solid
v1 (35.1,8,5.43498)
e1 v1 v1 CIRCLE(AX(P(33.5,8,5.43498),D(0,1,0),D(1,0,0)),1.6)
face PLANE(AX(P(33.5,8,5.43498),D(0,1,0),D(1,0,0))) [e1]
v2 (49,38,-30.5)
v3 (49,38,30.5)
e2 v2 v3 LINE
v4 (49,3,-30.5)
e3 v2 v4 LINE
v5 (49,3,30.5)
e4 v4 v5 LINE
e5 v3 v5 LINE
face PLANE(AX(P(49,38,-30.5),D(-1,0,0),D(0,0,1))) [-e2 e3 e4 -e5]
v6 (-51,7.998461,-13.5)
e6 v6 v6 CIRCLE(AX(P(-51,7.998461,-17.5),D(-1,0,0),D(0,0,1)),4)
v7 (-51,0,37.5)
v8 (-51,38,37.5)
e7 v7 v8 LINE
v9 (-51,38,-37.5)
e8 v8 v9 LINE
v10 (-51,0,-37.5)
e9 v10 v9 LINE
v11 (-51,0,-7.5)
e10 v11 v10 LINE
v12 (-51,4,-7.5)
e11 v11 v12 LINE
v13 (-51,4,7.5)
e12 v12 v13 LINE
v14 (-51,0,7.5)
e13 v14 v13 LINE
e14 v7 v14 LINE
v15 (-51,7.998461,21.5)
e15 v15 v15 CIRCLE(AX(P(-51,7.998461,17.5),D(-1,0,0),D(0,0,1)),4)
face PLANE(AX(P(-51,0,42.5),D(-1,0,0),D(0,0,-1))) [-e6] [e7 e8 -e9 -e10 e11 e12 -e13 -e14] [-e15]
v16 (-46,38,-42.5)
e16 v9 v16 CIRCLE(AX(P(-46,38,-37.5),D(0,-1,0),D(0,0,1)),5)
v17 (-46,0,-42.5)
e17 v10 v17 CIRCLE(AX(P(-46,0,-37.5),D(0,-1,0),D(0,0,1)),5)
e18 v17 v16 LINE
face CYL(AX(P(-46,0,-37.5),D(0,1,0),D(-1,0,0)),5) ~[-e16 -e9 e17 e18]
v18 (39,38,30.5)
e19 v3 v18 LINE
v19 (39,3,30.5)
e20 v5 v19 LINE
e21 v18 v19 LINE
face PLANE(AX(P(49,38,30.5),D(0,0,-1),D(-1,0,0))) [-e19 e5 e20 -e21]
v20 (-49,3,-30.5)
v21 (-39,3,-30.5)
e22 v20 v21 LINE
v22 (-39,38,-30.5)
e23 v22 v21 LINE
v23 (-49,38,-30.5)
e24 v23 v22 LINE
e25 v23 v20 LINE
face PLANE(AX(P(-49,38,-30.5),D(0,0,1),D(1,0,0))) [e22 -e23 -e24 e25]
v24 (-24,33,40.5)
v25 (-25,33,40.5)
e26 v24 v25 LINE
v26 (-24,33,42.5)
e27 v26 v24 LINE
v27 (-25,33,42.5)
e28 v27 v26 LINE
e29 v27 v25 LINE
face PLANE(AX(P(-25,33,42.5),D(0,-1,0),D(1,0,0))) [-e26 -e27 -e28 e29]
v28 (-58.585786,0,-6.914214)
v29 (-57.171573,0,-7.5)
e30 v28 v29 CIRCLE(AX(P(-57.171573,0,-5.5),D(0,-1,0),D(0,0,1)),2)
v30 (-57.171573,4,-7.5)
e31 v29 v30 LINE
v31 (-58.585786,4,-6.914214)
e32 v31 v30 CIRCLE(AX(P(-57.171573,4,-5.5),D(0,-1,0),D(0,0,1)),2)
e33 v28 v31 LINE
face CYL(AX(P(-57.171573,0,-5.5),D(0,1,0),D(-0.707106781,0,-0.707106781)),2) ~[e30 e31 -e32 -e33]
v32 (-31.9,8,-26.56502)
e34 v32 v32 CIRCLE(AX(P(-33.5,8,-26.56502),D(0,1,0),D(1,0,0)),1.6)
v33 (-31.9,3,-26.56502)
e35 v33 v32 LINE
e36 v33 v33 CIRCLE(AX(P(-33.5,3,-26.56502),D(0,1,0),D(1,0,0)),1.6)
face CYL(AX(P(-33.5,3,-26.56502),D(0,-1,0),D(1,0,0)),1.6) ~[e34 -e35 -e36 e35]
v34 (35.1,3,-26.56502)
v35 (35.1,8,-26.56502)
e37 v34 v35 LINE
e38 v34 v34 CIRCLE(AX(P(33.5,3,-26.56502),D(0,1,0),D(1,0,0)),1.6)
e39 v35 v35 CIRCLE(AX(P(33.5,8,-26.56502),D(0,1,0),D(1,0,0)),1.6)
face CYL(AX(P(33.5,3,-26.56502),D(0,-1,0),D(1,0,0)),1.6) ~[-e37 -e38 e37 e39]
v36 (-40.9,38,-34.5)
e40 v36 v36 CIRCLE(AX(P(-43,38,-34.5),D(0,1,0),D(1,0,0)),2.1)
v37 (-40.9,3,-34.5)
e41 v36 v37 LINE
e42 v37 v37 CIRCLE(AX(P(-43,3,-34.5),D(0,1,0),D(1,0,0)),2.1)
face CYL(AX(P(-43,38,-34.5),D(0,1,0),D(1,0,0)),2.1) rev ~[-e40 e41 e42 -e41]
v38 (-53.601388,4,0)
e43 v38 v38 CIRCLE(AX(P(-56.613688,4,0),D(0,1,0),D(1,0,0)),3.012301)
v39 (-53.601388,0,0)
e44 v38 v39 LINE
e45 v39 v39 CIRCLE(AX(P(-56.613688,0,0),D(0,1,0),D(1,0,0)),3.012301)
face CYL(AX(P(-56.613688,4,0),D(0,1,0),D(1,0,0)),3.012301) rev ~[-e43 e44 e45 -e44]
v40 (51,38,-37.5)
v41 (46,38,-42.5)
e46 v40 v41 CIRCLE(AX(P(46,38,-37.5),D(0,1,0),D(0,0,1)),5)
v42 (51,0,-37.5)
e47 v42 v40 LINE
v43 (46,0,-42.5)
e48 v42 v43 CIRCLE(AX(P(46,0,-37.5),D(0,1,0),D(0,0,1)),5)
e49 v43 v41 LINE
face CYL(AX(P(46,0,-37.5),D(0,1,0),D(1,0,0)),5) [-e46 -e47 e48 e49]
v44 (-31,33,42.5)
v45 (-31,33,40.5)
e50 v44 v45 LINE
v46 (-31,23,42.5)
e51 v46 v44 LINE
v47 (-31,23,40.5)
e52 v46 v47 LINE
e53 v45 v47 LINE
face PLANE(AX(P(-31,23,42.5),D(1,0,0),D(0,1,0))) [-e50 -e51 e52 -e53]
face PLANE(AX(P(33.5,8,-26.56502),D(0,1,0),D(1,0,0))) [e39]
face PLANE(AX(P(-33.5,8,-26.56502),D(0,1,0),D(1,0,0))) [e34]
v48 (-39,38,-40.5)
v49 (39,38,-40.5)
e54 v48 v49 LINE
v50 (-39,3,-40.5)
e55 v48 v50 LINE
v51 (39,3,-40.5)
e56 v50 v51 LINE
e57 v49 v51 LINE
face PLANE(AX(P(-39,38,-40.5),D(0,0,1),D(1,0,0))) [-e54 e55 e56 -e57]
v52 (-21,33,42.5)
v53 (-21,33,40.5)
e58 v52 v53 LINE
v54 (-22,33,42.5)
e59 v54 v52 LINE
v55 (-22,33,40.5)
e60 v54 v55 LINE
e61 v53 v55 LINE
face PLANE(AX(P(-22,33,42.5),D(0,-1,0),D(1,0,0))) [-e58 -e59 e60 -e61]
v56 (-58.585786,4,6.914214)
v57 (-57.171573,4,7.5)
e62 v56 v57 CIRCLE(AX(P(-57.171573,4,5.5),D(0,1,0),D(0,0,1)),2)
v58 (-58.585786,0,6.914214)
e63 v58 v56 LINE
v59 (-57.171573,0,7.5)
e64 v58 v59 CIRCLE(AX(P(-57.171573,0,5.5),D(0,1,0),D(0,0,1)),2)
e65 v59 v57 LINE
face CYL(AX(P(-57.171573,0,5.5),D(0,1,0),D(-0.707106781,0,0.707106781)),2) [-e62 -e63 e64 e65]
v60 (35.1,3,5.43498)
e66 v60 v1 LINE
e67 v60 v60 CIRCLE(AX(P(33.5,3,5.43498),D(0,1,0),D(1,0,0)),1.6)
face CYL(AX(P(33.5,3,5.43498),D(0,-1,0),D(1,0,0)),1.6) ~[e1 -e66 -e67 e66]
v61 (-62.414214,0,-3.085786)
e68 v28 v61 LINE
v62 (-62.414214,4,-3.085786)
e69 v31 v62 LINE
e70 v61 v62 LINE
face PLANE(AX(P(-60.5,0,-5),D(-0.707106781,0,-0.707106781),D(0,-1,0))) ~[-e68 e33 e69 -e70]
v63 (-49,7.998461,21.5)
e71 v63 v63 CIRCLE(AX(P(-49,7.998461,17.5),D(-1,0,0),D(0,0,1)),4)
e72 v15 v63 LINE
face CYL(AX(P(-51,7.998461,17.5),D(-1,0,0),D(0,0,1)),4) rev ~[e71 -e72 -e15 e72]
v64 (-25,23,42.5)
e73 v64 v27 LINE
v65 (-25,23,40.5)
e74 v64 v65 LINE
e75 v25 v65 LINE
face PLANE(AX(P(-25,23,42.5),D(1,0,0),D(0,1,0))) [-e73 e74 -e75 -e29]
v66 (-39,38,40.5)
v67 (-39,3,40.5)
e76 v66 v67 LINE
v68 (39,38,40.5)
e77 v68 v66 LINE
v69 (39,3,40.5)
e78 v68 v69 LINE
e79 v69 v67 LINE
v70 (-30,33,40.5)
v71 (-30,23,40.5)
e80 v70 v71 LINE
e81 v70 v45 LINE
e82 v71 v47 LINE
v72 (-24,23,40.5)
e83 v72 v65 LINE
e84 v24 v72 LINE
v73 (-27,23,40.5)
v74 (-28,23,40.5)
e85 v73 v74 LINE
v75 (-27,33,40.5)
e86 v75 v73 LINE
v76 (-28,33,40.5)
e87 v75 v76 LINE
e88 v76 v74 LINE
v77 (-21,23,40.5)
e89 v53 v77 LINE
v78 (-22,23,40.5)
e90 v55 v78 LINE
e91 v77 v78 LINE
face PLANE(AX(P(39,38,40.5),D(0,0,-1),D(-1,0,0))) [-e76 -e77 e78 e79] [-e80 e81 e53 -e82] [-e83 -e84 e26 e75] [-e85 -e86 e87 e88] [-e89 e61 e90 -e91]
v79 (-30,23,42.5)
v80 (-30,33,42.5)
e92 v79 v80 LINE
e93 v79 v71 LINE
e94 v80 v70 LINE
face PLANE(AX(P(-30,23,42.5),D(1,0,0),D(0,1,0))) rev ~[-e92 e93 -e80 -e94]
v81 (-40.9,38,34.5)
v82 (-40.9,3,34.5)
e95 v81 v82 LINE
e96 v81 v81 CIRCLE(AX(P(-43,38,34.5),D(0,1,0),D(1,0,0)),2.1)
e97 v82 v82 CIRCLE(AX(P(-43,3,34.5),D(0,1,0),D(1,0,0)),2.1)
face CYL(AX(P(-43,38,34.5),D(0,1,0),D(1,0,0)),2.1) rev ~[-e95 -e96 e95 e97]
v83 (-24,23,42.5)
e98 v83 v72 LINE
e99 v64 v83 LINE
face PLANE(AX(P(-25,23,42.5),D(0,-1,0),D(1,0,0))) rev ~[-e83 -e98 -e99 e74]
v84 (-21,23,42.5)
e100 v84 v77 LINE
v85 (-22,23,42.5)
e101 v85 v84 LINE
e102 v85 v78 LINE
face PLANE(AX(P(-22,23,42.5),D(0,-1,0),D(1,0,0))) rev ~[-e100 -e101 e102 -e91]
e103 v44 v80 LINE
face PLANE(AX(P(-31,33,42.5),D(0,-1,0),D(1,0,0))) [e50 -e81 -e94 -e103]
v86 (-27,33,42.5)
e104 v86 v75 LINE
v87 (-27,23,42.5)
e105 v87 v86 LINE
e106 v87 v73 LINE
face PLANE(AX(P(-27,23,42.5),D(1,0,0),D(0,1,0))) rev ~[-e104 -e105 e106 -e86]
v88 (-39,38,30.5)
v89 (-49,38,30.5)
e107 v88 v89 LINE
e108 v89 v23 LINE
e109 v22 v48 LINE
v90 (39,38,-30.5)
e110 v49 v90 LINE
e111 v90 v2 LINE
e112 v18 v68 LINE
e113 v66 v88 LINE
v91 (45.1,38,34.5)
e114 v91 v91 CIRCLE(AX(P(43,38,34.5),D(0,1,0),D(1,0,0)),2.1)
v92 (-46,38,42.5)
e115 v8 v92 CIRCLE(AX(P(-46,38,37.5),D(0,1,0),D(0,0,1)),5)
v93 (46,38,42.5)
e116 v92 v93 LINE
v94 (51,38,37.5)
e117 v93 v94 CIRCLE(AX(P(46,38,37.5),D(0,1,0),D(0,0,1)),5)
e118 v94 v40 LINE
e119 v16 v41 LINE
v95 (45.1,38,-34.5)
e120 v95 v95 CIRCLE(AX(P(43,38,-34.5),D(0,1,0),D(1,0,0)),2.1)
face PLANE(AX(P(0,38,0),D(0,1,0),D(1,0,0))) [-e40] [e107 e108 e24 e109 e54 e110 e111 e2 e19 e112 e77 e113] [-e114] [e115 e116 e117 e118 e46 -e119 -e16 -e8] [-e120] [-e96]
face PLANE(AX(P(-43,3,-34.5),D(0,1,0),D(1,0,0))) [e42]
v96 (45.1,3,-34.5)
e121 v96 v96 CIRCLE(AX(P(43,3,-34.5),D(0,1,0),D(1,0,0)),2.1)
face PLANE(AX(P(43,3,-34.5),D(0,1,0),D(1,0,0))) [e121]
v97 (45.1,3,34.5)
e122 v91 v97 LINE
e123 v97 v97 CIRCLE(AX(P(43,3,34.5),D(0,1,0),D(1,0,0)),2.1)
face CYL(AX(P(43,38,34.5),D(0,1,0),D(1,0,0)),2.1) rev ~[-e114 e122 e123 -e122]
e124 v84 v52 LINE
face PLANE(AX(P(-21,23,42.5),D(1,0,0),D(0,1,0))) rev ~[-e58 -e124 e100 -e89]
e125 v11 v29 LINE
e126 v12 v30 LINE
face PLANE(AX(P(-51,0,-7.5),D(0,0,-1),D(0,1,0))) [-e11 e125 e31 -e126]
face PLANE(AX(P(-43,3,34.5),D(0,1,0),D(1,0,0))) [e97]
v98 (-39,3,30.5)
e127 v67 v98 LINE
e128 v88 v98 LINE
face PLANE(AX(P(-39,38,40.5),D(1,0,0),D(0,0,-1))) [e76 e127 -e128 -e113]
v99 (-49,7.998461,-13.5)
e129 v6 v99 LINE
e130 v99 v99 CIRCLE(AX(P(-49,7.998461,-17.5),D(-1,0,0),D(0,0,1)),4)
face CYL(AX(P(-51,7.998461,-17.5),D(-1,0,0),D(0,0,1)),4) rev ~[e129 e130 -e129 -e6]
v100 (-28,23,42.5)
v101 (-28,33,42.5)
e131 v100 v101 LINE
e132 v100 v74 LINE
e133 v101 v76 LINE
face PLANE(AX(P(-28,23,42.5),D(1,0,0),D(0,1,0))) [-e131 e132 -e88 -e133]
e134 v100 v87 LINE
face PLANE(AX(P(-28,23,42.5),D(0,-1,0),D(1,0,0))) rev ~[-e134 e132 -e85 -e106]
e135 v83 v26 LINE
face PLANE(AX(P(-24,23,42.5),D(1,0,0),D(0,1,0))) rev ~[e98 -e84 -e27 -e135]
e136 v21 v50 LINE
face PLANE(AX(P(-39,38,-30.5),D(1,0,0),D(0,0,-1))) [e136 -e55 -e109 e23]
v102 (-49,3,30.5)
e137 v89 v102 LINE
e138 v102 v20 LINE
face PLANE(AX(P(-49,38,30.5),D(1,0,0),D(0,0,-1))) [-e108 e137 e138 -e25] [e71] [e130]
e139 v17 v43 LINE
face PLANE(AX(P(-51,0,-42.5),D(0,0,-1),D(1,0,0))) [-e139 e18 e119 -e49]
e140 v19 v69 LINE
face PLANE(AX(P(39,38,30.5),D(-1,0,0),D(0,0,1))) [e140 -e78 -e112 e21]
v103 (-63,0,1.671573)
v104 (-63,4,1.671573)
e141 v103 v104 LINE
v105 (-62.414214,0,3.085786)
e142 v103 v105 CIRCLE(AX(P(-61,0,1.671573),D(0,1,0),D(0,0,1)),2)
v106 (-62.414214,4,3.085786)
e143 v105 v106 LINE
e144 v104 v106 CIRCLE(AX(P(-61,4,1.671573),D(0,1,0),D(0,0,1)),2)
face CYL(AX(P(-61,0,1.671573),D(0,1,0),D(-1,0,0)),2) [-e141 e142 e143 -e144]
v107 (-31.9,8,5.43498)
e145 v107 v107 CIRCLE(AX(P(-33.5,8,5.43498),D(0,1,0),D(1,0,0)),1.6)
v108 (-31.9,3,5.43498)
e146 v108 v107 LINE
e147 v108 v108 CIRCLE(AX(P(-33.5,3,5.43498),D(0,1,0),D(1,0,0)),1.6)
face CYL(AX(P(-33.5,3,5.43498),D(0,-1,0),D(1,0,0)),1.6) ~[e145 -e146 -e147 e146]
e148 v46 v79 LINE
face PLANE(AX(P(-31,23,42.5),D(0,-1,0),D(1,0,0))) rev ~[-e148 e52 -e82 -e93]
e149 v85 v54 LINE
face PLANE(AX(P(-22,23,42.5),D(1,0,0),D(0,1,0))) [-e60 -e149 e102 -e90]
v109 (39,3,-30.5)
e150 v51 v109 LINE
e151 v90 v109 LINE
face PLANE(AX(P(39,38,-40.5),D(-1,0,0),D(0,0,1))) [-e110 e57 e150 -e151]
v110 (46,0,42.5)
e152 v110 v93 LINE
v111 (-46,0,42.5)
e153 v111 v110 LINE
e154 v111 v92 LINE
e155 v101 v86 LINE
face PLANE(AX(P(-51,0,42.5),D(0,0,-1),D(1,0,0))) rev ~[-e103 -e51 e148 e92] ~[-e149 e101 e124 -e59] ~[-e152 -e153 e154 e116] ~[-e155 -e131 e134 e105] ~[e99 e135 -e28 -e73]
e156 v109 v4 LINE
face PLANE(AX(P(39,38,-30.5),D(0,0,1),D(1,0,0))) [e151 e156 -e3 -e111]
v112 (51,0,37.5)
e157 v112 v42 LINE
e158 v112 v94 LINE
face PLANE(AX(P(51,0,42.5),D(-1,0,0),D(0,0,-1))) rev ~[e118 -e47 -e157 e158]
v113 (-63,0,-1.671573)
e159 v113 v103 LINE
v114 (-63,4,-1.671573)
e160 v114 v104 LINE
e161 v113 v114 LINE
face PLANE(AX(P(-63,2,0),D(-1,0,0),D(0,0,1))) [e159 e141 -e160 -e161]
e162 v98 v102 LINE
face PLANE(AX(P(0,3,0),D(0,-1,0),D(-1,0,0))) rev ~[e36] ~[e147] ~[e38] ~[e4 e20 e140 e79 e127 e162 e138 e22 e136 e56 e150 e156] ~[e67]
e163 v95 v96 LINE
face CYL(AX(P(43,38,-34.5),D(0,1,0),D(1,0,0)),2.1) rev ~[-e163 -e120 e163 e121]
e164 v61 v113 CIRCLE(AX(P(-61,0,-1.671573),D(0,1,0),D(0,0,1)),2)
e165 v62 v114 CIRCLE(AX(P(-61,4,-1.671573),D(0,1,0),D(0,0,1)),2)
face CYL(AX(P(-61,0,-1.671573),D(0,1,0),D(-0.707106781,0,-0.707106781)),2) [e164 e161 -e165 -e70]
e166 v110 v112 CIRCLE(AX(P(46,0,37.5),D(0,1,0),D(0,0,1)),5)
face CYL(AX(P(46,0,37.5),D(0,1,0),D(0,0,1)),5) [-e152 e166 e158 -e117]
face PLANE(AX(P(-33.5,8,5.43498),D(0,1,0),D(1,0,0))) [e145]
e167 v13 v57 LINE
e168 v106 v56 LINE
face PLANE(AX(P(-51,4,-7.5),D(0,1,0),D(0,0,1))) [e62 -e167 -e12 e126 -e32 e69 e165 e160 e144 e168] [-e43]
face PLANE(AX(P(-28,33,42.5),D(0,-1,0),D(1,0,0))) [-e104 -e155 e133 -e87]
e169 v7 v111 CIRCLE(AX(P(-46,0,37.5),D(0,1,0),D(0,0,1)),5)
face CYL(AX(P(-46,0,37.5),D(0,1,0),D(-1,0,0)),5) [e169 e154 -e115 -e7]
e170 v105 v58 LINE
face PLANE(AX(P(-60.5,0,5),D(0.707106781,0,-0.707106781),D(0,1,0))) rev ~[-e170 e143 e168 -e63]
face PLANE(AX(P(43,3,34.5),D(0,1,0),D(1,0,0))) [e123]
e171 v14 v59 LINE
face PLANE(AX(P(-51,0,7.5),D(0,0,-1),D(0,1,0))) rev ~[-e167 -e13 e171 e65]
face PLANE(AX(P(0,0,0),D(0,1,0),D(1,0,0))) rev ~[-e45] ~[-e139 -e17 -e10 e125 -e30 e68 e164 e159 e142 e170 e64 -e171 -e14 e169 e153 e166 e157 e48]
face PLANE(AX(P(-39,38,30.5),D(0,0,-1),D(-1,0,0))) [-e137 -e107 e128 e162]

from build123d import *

# Parameters (mm, degrees)
SKETCH1_W           = 102
SKETCH1_H           = 85
BOSS_EXTRUDE1_DEPTH = 38
SKETCH2_R           = 2.1
CUT_EXTRUDE1_DEPTH  = 35
SKETCH3_R           = 2.1
CUT_EXTRUDE2_DEPTH  = 35
SKETCH5_R           = 4
CUT_EXTRUDE4_DEPTH  = 10
FILLET1_R           = 5
FILLET2_R           = 5
FILLET3_R           = 5
FILLET4_R           = 5
SKETCH6_R           = 1.6
BOSS_EXTRUDE2_DEPTH = 5
SKETCH7_W           = 15
SKETCH7_H           = 4
BOSS_EXTRUDE3_DEPTH = 12
CHAMFER1_SIZE       = 5
CHAMFER2_SIZE       = 5
SKETCH8_R           = 3.012300636
CUT_EXTRUDE5_DEPTH  = 5
FILLET5_R           = 2
FILLET6_R           = 2
FILLET7_R           = 2
FILLET8_R           = 2
SKETCH9_W           = 1
SKETCH9_H           = 10
CUT_EXTRUDE6_DEPTH  = 2.1
SKETCH10_W          = 1
SKETCH10_H          = 10
CUT_EXTRUDE7_DEPTH  = 2.1


with BuildPart() as part:
    # Sketch1 → Boss-Extrude1 (new body)
    with BuildSketch(Plane(origin=(0, 0, 0), x_dir=(1, 0, 0), z_dir=(0, 1, 0))):
        Rectangle(SKETCH1_W, SKETCH1_H)
    extrude(amount=BOSS_EXTRUDE1_DEPTH)

    # Sketch2 → Cut-Extrude1 (cut)
    with BuildSketch(Plane(origin=(0, 38, 0), x_dir=(1, 0, 0), z_dir=(0, 1, 0))):
        with Locations((43, 34.5)):
            Circle(SKETCH2_R)
        with Locations((-43, -34.5)):
            Circle(SKETCH2_R)
        with Locations((43, -34.5)):
            Circle(SKETCH2_R)
        Polygon((-39, 40.5), (39, 40.5), (39, 30.5), (49, 30.5), (49, -30.5), (39, -30.5), (39, -40.5), (-39, -40.5), (-39, -30.5), (-49, -30.5), (-49, 30.5), (-39, 30.5), align=None)
    extrude(amount=-CUT_EXTRUDE1_DEPTH, mode=Mode.SUBTRACT)

    # Sketch3 → Cut-Extrude2 (cut)
    with BuildSketch(Plane(origin=(0, 38, 0), x_dir=(1, 0, 0), z_dir=(0, 1, 0))):
        with Locations((-43, 34.5)):
            Circle(SKETCH3_R)
    extrude(amount=-CUT_EXTRUDE2_DEPTH, mode=Mode.SUBTRACT)

    # Sketch5 → Cut-Extrude4 (cut)
    with BuildSketch(Plane.ZY.offset(51)):
        with Locations((-17.5, 7.998461061)):
            Circle(SKETCH5_R)
        with Locations((17.5, 7.998461061)):
            Circle(SKETCH5_R)
    extrude(amount=-CUT_EXTRUDE4_DEPTH, mode=Mode.SUBTRACT)

    # Fillet1
    fillet1_edges = [part.edges().sort_by_distance(p)[0] for p in [
        (-51, 19, 42.5),
    ]]
    fillet(fillet1_edges, radius=FILLET1_R)

    # Fillet2
    fillet2_edges = [part.edges().sort_by_distance(p)[0] for p in [
        (-51, 19, -42.5),
    ]]
    fillet(fillet2_edges, radius=FILLET2_R)

    # Fillet3
    fillet3_edges = [part.edges().sort_by_distance(p)[0] for p in [
        (51, 19, 42.5),
    ]]
    fillet(fillet3_edges, radius=FILLET3_R)

    # Fillet4
    fillet4_edges = [part.edges().sort_by_distance(p)[0] for p in [
        (51, 19, -42.5),
    ]]
    fillet(fillet4_edges, radius=FILLET4_R)

    # Sketch6 → Boss-Extrude2 (add)
    with BuildSketch(Plane(origin=(0, 3, 0), x_dir=(1, 0, 0), z_dir=(0, 1, 0))):
        with Locations((-33.5, 26.565019739)):
            Circle(SKETCH6_R)
        with Locations((-33.5, -5.434980261)):
            Circle(SKETCH6_R)
        with Locations((33.5, 26.565019739)):
            Circle(SKETCH6_R)
        with Locations((33.5, -5.434980261)):
            Circle(SKETCH6_R)
    extrude(amount=BOSS_EXTRUDE2_DEPTH)

    # Sketch7 → Boss-Extrude3 (add)
    with BuildSketch(Plane.ZY.offset(51)):
        with Locations((0, 2)):
            Rectangle(SKETCH7_W, SKETCH7_H)
    extrude(amount=BOSS_EXTRUDE3_DEPTH)

    # Chamfer1
    chamfer1_edges = [part.edges().sort_by_distance(p)[0] for p in [
        (-63, 2, -7.5),
    ]]
    chamfer(chamfer1_edges, length=CHAMFER1_SIZE)

    # Chamfer2
    chamfer2_edges = [part.edges().sort_by_distance(p)[0] for p in [
        (-63, 2, 7.5),
    ]]
    chamfer(chamfer2_edges, length=CHAMFER2_SIZE)

    # Sketch8 → Cut-Extrude5 (cut)
    with BuildSketch(Plane(origin=(0, 4, 0), x_dir=(1, 0, 0), z_dir=(0, 1, 0))):
        with Locations((-56.61368814, 0)):
            Circle(SKETCH8_R)
    extrude(amount=-CUT_EXTRUDE5_DEPTH, mode=Mode.SUBTRACT)

    # Fillet5
    fillet5_edges = [part.edges().sort_by_distance(p)[0] for p in [
        (-58, 2, -7.5),
    ]]
    fillet(fillet5_edges, radius=FILLET5_R)

    # Fillet6
    fillet6_edges = [part.edges().sort_by_distance(p)[0] for p in [
        (-63, 2, -2.5),
    ]]
    fillet(fillet6_edges, radius=FILLET6_R)

    # Fillet7
    fillet7_edges = [part.edges().sort_by_distance(p)[0] for p in [
        (-63, 2, 2.5),
    ]]
    fillet(fillet7_edges, radius=FILLET7_R)

    # Fillet8
    fillet8_edges = [part.edges().sort_by_distance(p)[0] for p in [
        (-58, 2, 7.5),
    ]]
    fillet(fillet8_edges, radius=FILLET8_R)

    # Sketch9 → Cut-Extrude6 (cut)
    with BuildSketch(Plane.XY.offset(42.5)):
        with Locations((-30.5, 28)):
            Rectangle(SKETCH9_W, SKETCH9_H)
    extrude(amount=-CUT_EXTRUDE6_DEPTH, mode=Mode.SUBTRACT)

    # Sketch10 → Cut-Extrude7 (cut)
    with BuildSketch(Plane.XY.offset(42.5)):
        with Locations((-27.5, 28)):
            Rectangle(SKETCH10_W, SKETCH10_H)
        with Locations((-24.5, 28)):
            Rectangle(SKETCH10_W, SKETCH10_H)
        with Locations((-21.5, 28)):
            Rectangle(SKETCH10_W, SKETCH10_H)
    extrude(amount=-CUT_EXTRUDE7_DEPTH, mode=Mode.SUBTRACT)


solid = part.part
